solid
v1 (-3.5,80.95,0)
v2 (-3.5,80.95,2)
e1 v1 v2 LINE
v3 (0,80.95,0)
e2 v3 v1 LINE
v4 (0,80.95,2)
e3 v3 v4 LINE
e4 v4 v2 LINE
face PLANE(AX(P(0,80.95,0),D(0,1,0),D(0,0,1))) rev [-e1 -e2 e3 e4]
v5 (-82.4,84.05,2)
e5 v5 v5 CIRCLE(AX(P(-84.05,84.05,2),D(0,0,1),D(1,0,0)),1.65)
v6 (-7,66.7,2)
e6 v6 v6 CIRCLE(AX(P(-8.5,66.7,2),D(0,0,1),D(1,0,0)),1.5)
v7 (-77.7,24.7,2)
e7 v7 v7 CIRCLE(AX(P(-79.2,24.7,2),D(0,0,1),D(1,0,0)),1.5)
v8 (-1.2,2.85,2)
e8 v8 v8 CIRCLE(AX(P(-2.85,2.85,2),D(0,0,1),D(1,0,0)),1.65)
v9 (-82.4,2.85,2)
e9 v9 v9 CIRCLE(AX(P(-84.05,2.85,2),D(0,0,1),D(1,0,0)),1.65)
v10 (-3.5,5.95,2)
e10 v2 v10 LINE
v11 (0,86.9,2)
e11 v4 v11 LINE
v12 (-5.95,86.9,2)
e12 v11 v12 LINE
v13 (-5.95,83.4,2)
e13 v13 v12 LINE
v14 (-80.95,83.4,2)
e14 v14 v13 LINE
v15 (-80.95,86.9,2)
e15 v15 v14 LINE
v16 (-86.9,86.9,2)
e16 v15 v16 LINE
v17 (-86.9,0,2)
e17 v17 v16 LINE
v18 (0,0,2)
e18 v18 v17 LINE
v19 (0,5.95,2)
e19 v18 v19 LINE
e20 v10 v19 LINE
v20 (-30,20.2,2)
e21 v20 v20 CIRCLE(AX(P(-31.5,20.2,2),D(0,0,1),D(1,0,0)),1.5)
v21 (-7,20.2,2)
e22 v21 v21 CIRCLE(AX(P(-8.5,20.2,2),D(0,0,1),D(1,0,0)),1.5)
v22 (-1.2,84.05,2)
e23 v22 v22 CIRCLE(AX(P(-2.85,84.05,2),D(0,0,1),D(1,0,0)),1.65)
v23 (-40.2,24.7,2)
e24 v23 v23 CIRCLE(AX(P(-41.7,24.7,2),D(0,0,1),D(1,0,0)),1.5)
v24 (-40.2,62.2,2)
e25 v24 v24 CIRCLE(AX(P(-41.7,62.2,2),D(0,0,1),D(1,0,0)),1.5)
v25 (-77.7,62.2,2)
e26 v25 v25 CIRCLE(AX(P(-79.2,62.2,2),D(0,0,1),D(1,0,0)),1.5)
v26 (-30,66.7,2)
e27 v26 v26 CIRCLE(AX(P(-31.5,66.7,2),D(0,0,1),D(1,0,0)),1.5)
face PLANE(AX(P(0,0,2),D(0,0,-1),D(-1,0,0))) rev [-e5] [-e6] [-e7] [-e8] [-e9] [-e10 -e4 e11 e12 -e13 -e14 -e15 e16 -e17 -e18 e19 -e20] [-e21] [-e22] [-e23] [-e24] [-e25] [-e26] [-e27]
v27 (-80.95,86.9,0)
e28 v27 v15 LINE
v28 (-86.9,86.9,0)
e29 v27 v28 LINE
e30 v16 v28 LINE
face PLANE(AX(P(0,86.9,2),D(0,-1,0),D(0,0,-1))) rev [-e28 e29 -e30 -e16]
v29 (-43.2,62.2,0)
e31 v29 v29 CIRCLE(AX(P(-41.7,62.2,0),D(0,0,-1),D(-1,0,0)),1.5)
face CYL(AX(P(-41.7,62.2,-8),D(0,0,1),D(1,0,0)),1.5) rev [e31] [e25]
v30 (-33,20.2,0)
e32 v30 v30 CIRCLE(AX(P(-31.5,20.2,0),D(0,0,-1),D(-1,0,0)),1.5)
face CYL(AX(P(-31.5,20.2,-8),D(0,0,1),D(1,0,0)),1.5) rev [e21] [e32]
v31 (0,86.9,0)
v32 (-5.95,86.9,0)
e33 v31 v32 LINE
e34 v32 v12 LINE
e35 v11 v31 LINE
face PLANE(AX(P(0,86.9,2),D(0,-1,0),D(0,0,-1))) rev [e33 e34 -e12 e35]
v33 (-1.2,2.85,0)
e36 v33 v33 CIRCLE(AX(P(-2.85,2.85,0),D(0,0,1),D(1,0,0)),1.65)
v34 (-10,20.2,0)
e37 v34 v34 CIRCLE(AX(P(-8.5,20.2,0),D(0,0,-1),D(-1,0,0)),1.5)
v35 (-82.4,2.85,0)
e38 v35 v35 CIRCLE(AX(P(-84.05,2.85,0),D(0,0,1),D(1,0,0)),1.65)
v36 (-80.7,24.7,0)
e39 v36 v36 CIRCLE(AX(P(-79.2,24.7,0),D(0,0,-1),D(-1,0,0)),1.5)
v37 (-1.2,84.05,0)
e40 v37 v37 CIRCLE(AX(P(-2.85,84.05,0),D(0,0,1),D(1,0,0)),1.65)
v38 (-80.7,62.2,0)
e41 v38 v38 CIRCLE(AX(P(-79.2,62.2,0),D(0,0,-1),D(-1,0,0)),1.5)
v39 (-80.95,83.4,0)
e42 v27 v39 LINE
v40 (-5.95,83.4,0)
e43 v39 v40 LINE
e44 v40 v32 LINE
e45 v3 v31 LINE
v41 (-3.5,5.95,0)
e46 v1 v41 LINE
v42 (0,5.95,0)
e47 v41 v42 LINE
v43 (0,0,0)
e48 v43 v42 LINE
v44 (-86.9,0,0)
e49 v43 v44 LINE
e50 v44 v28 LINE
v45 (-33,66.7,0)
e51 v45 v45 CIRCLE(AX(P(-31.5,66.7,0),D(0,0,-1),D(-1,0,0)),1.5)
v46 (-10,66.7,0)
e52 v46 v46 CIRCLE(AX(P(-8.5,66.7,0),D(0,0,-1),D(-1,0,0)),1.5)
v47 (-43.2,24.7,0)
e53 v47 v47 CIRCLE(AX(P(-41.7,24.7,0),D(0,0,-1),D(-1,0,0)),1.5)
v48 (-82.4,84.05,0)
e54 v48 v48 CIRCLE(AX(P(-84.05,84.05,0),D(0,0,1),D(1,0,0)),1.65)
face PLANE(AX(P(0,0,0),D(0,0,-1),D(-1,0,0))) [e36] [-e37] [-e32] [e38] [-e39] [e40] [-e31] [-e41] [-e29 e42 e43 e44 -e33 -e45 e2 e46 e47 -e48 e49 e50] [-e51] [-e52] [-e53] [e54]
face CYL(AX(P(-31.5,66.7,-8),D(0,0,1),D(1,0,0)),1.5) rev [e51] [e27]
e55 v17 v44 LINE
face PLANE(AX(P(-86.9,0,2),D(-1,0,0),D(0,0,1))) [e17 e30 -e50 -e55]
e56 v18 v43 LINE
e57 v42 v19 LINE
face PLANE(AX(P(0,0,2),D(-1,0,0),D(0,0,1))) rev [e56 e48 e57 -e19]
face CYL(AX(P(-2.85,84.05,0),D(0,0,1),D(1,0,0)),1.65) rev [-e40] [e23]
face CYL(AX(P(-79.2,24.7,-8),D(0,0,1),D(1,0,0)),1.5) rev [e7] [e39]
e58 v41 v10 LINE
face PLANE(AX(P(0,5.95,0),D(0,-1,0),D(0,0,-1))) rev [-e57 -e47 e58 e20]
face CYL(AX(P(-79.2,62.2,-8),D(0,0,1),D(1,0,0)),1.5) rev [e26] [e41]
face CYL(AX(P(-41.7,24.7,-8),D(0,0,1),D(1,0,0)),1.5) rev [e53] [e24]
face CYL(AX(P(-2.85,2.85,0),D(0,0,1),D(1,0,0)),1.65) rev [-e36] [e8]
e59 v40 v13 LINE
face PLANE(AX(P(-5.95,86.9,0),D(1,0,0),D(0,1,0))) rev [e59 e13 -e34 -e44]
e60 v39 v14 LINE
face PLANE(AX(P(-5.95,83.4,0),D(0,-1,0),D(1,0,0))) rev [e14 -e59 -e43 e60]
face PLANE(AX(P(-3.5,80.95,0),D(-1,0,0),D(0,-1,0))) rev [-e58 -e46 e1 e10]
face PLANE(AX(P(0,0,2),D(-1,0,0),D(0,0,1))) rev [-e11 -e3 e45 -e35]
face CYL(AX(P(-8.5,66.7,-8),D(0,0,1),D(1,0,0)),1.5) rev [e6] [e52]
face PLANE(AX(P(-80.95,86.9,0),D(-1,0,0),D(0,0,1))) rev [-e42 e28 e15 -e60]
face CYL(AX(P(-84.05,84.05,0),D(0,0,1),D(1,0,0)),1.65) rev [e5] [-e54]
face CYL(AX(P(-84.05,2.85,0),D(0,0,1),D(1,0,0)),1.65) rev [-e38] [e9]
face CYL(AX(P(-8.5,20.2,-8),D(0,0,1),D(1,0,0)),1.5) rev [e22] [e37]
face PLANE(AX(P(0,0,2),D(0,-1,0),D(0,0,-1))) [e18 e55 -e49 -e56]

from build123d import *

# Parameters (mm, degrees)
SKETCH1_W           = 86.9
SKETCH1_H           = 86.9
BOSS_EXTRUDE1_DEPTH = 2
SKETCH2_R           = 1.65
CUT_EXTRUDE3_DEPTH  = 123.911431527
SKETCH3_R           = 1.5
CUT_EXTRUDE4_DEPTH  = 10
SKETCH4_R           = 1.5
CUT_EXTRUDE5_DEPTH  = 10
SKETCH5_W           = 3.5
SKETCH5_H           = 75
SKETCH5_W_2         = 75
SKETCH5_H_2         = 3.5
CUT_EXTRUDE6_DEPTH  = 123.911431527


with BuildPart() as part:
    # Sketch1 → Boss-Extrude1 (new body)
    with BuildSketch(Plane(origin=(0, 0, 0), x_dir=(0, 1, 0), z_dir=(0, 0, 1))):
        with Locations((43.45, 43.45)):
            Rectangle(SKETCH1_W, SKETCH1_H)
    extrude(amount=BOSS_EXTRUDE1_DEPTH)

    # Sketch2 → Cut-Extrude3 (cut, through all)
    with BuildSketch(Plane.XY.offset(2)):
        with Locations((-84.05, 2.85)):
            Circle(SKETCH2_R)
        with Locations((-2.85, 2.85)):
            Circle(SKETCH2_R)
        with Locations((-2.85, 84.05)):
            Circle(SKETCH2_R)
        with Locations((-84.05, 84.05)):
            Circle(SKETCH2_R)
    extrude(amount=-CUT_EXTRUDE3_DEPTH, mode=Mode.SUBTRACT)

    # Sketch3 → Cut-Extrude4 (cut)
    with BuildSketch(Plane.XY.offset(2)):
        with Locations((-79.2, 62.2)):
            Circle(SKETCH3_R)
        with Locations((-41.7, 62.2)):
            Circle(SKETCH3_R)
        with Locations((-41.7, 24.7)):
            Circle(SKETCH3_R)
        with Locations((-79.2, 24.7)):
            Circle(SKETCH3_R)
    extrude(amount=-CUT_EXTRUDE4_DEPTH, mode=Mode.SUBTRACT)

    # Sketch4 → Cut-Extrude5 (cut)
    with BuildSketch(Plane.XY.offset(2)):
        with Locations((-31.5, 66.7)):
            Circle(SKETCH4_R)
        with Locations((-8.5, 66.7)):
            Circle(SKETCH4_R)
        with Locations((-8.5, 20.2)):
            Circle(SKETCH4_R)
        with Locations((-31.5, 20.2)):
            Circle(SKETCH4_R)
    extrude(amount=-CUT_EXTRUDE5_DEPTH, mode=Mode.SUBTRACT)

    # Sketch5 → Cut-Extrude6 (cut, through all)
    with BuildSketch(Plane.XY.offset(2)):
        with Locations((-1.75, 43.45)):
            Rectangle(SKETCH5_W, SKETCH5_H)
        with Locations((-43.45, 85.15)):
            Rectangle(SKETCH5_W_2, SKETCH5_H_2)
    extrude(amount=-CUT_EXTRUDE6_DEPTH, mode=Mode.SUBTRACT)


solid = part.part
